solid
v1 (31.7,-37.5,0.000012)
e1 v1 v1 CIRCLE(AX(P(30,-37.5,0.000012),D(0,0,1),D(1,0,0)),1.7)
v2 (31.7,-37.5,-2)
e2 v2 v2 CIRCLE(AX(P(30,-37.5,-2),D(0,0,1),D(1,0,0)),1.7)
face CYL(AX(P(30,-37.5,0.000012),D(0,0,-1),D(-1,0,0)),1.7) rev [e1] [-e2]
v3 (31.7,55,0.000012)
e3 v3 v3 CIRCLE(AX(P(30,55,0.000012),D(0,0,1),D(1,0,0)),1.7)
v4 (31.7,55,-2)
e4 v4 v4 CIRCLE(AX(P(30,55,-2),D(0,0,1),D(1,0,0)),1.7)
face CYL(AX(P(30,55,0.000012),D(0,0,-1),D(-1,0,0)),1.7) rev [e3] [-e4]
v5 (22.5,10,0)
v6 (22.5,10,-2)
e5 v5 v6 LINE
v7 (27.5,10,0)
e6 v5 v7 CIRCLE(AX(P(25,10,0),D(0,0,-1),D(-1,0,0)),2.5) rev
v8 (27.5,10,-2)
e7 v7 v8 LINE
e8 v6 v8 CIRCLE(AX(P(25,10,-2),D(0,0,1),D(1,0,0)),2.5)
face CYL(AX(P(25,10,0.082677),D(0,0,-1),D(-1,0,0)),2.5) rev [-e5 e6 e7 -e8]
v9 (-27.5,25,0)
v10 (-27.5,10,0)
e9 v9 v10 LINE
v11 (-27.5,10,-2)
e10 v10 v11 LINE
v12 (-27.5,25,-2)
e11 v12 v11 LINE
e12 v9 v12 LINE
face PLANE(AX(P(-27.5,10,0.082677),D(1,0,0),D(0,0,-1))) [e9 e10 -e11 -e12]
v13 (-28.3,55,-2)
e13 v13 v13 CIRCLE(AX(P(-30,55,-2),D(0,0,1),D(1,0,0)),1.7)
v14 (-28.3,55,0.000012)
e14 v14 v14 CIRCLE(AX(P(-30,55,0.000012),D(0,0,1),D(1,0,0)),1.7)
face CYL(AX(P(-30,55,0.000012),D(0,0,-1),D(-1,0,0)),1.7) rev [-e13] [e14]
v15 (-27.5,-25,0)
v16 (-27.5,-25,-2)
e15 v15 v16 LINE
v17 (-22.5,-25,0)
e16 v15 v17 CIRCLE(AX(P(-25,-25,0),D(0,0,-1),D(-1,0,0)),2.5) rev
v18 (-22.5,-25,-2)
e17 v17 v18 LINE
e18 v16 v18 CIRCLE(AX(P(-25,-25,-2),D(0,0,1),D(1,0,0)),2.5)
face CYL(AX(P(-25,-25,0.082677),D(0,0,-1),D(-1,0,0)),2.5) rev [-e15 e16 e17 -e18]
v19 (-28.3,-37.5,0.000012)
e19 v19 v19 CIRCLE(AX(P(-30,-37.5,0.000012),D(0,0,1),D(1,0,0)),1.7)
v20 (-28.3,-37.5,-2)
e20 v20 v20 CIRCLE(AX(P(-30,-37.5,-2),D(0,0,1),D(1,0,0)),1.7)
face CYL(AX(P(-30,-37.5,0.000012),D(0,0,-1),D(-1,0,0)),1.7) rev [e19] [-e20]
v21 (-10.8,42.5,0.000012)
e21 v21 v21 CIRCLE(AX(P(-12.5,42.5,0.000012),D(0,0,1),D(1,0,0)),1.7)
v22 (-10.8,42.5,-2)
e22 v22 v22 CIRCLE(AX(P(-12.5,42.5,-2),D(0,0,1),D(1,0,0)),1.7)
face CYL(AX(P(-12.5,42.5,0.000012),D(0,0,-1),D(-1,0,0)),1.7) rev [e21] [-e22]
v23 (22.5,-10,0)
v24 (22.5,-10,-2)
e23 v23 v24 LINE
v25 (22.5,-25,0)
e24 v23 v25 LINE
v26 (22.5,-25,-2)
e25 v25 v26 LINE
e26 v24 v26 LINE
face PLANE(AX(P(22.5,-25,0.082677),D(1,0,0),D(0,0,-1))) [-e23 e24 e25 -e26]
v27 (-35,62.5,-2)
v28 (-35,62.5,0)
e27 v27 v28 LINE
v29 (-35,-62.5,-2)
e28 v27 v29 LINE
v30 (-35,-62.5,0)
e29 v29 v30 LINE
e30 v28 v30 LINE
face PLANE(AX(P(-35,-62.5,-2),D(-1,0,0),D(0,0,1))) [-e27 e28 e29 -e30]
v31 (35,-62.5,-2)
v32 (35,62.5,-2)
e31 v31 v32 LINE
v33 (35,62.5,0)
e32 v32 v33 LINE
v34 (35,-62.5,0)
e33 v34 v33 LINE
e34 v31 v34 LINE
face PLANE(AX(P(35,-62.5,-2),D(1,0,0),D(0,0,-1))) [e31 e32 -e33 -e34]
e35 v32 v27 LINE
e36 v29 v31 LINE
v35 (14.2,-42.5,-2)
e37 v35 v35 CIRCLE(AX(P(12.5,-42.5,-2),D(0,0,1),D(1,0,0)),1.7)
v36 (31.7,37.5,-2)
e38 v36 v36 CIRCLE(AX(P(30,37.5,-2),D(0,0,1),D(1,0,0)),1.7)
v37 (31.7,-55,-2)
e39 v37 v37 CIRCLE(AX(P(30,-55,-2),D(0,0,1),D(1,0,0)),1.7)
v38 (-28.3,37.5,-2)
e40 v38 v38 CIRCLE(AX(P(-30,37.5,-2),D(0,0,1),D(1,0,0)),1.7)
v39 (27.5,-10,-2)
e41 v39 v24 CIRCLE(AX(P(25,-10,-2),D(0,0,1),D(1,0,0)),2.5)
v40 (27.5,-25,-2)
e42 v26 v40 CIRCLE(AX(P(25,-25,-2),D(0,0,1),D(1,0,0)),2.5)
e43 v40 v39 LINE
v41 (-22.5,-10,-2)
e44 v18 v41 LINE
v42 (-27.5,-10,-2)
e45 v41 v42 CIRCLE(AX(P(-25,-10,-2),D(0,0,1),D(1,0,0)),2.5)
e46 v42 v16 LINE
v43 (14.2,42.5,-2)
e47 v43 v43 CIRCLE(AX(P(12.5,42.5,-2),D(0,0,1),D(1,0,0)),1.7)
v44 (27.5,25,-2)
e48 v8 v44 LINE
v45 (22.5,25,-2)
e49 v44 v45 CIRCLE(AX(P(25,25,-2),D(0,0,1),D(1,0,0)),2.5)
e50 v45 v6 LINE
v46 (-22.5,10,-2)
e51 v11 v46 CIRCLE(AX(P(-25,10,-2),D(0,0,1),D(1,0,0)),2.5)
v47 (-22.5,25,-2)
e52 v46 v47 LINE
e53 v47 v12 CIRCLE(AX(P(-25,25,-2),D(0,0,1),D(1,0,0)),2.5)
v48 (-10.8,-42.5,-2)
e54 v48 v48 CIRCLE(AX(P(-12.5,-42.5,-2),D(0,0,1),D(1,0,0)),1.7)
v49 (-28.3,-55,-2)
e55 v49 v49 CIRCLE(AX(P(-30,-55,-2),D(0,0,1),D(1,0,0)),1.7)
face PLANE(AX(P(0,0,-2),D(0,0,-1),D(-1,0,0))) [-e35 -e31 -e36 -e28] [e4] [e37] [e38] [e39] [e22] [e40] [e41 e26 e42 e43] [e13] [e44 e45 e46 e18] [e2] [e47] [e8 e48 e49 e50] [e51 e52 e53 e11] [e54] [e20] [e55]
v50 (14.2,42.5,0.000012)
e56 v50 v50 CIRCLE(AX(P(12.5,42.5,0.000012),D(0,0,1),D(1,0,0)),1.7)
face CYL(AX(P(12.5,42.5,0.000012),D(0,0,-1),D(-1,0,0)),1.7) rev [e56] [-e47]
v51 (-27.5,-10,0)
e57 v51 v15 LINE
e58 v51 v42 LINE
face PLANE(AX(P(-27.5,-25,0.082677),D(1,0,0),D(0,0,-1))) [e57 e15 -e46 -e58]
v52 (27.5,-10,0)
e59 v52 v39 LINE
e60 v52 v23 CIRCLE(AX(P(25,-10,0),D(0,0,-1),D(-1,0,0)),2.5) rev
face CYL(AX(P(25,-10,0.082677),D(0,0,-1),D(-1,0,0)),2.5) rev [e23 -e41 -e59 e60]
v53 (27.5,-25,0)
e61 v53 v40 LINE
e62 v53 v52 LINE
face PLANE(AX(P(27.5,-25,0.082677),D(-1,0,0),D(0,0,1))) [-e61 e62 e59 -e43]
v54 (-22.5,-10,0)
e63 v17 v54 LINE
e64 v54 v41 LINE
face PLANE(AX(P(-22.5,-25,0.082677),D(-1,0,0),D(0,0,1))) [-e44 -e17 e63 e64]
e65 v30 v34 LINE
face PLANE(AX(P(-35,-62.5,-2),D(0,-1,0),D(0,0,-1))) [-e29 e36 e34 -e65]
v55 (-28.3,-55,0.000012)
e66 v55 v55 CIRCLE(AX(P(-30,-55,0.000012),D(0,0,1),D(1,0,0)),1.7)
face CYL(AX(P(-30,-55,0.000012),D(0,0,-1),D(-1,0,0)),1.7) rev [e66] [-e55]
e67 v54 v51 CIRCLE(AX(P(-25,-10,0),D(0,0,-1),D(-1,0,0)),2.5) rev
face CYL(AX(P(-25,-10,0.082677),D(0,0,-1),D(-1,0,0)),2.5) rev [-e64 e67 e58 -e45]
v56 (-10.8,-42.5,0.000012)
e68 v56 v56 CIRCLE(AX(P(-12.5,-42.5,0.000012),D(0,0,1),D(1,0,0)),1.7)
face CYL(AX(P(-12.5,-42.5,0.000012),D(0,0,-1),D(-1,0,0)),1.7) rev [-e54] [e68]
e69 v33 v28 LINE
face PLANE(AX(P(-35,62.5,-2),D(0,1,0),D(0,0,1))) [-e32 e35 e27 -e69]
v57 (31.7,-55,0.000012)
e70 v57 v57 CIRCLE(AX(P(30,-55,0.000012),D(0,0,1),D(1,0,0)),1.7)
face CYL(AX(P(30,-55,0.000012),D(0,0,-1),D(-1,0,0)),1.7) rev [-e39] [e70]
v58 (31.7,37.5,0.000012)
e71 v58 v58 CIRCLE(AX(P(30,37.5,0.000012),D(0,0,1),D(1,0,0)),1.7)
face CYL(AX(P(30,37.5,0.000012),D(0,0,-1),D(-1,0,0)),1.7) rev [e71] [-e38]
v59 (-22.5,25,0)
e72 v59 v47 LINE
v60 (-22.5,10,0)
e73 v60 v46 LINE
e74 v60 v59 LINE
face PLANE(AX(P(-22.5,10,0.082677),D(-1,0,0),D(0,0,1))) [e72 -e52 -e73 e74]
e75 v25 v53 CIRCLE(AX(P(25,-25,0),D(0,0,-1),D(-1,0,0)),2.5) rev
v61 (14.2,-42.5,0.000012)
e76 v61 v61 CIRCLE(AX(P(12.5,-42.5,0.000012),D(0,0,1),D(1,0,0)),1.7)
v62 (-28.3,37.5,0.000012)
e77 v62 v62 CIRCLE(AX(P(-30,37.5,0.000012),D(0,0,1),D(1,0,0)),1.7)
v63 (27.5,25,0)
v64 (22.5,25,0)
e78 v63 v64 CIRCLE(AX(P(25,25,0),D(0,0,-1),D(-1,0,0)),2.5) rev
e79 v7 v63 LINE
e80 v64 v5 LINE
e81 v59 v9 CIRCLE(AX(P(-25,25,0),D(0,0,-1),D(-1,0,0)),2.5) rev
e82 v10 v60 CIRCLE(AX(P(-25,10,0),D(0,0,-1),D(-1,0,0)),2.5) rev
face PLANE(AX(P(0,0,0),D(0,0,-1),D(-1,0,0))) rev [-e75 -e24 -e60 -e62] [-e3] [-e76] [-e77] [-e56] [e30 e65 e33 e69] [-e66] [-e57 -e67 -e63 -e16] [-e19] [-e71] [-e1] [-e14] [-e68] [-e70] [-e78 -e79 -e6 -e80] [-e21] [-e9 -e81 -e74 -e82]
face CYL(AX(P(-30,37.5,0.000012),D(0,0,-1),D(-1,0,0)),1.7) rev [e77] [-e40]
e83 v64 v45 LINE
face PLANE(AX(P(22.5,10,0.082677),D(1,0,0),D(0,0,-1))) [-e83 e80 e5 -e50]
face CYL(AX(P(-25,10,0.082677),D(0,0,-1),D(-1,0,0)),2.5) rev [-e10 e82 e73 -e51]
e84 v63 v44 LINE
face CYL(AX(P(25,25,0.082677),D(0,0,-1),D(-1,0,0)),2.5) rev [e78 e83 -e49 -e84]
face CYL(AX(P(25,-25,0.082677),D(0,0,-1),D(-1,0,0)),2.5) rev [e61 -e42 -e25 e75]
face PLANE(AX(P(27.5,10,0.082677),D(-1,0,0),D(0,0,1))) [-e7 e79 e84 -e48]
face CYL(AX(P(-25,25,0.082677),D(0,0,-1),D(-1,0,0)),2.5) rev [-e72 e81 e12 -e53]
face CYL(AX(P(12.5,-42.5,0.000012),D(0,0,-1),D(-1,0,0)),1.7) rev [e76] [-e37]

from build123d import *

# Parameters (mm, degrees)
SKETCH1_W                   = 70
SKETCH1_H                   = 125
BOSS_EXTRUDE1_DEPTH         = 2
LO_XUYEN_M3_D3_4_DEPTH      = 72.660658663
LO_XUYEN_M3_D3_4_DEPTH_BACK = 72.660658663
SKETCH2_R                   = 1.7
THAN_RANH_DEPTH             = 72.660658663
THAN_RANH_DEPTH_BACK        = 72.660658663
SKETCH3_W                   = 5
SKETCH3_H                   = 15
DAU_RANH_R2_5_DEPTH         = 72.660658663
DAU_RANH_R2_5_DEPTH_BACK    = 72.660658663
SKETCH4_R                   = 2.5


with BuildPart() as part:
    # Sketch1 → Boss-Extrude1 (new body)
    with BuildSketch(Plane.XY):
        Rectangle(SKETCH1_W, SKETCH1_H)
    extrude(amount=-BOSS_EXTRUDE1_DEPTH)

    # Sketch2 → Lo_xuyen_M3_D3_4 (cut, two sides: drawn at the far end of the back side and taken through both)
    with BuildSketch(Plane.XY.offset(-LO_XUYEN_M3_D3_4_DEPTH_BACK)):
        with Locations((-30, -55)):
            Circle(SKETCH2_R)
        with Locations((-30, -37.5)):
            Circle(SKETCH2_R)
        with Locations((-30, 37.5)):
            Circle(SKETCH2_R)
        with Locations((-30, 55)):
            Circle(SKETCH2_R)
        with Locations((30, -55)):
            Circle(SKETCH2_R)
        with Locations((30, -37.5)):
            Circle(SKETCH2_R)
        with Locations((30, 37.5)):
            Circle(SKETCH2_R)
        with Locations((30, 55)):
            Circle(SKETCH2_R)
        with Locations((-12.5, -42.5)):
            Circle(SKETCH2_R)
        with Locations((-12.5, 42.5)):
            Circle(SKETCH2_R)
        with Locations((12.5, -42.5)):
            Circle(SKETCH2_R)
        with Locations((12.5, 42.5)):
            Circle(SKETCH2_R)
    extrude(amount=LO_XUYEN_M3_D3_4_DEPTH + LO_XUYEN_M3_D3_4_DEPTH_BACK, mode=Mode.SUBTRACT)

    # Sketch3 → Than_ranh (cut, two sides: drawn at the far end of the back side and taken through both)
    with BuildSketch(Plane.XY.offset(-THAN_RANH_DEPTH_BACK)):
        with Locations((-25, -17.5)):
            Rectangle(SKETCH3_W, SKETCH3_H)
        with Locations((-25, 17.5)):
            Rectangle(SKETCH3_W, SKETCH3_H)
        with Locations((25, -17.5)):
            Rectangle(SKETCH3_W, SKETCH3_H)
        with Locations((25, 17.5)):
            Rectangle(SKETCH3_W, SKETCH3_H)
    extrude(amount=THAN_RANH_DEPTH + THAN_RANH_DEPTH_BACK, mode=Mode.SUBTRACT)

    # Sketch4 → Dau_ranh_R2_5 (cut, two sides: drawn at the far end of the back side and taken through both)
    with BuildSketch(Plane.XY.offset(-DAU_RANH_R2_5_DEPTH_BACK)):
        with Locations((-25, -25)):
            Circle(SKETCH4_R)
        with Locations((-25, -10)):
            Circle(SKETCH4_R)
        with Locations((-25, 10)):
            Circle(SKETCH4_R)
        with Locations((-25, 25)):
            Circle(SKETCH4_R)
        with Locations((25, -25)):
            Circle(SKETCH4_R)
        with Locations((25, -10)):
            Circle(SKETCH4_R)
        with Locations((25, 10)):
            Circle(SKETCH4_R)
        with Locations((25, 25)):
            Circle(SKETCH4_R)
    extrude(amount=DAU_RANH_R2_5_DEPTH + DAU_RANH_R2_5_DEPTH_BACK, mode=Mode.SUBTRACT)


solid = part.part
